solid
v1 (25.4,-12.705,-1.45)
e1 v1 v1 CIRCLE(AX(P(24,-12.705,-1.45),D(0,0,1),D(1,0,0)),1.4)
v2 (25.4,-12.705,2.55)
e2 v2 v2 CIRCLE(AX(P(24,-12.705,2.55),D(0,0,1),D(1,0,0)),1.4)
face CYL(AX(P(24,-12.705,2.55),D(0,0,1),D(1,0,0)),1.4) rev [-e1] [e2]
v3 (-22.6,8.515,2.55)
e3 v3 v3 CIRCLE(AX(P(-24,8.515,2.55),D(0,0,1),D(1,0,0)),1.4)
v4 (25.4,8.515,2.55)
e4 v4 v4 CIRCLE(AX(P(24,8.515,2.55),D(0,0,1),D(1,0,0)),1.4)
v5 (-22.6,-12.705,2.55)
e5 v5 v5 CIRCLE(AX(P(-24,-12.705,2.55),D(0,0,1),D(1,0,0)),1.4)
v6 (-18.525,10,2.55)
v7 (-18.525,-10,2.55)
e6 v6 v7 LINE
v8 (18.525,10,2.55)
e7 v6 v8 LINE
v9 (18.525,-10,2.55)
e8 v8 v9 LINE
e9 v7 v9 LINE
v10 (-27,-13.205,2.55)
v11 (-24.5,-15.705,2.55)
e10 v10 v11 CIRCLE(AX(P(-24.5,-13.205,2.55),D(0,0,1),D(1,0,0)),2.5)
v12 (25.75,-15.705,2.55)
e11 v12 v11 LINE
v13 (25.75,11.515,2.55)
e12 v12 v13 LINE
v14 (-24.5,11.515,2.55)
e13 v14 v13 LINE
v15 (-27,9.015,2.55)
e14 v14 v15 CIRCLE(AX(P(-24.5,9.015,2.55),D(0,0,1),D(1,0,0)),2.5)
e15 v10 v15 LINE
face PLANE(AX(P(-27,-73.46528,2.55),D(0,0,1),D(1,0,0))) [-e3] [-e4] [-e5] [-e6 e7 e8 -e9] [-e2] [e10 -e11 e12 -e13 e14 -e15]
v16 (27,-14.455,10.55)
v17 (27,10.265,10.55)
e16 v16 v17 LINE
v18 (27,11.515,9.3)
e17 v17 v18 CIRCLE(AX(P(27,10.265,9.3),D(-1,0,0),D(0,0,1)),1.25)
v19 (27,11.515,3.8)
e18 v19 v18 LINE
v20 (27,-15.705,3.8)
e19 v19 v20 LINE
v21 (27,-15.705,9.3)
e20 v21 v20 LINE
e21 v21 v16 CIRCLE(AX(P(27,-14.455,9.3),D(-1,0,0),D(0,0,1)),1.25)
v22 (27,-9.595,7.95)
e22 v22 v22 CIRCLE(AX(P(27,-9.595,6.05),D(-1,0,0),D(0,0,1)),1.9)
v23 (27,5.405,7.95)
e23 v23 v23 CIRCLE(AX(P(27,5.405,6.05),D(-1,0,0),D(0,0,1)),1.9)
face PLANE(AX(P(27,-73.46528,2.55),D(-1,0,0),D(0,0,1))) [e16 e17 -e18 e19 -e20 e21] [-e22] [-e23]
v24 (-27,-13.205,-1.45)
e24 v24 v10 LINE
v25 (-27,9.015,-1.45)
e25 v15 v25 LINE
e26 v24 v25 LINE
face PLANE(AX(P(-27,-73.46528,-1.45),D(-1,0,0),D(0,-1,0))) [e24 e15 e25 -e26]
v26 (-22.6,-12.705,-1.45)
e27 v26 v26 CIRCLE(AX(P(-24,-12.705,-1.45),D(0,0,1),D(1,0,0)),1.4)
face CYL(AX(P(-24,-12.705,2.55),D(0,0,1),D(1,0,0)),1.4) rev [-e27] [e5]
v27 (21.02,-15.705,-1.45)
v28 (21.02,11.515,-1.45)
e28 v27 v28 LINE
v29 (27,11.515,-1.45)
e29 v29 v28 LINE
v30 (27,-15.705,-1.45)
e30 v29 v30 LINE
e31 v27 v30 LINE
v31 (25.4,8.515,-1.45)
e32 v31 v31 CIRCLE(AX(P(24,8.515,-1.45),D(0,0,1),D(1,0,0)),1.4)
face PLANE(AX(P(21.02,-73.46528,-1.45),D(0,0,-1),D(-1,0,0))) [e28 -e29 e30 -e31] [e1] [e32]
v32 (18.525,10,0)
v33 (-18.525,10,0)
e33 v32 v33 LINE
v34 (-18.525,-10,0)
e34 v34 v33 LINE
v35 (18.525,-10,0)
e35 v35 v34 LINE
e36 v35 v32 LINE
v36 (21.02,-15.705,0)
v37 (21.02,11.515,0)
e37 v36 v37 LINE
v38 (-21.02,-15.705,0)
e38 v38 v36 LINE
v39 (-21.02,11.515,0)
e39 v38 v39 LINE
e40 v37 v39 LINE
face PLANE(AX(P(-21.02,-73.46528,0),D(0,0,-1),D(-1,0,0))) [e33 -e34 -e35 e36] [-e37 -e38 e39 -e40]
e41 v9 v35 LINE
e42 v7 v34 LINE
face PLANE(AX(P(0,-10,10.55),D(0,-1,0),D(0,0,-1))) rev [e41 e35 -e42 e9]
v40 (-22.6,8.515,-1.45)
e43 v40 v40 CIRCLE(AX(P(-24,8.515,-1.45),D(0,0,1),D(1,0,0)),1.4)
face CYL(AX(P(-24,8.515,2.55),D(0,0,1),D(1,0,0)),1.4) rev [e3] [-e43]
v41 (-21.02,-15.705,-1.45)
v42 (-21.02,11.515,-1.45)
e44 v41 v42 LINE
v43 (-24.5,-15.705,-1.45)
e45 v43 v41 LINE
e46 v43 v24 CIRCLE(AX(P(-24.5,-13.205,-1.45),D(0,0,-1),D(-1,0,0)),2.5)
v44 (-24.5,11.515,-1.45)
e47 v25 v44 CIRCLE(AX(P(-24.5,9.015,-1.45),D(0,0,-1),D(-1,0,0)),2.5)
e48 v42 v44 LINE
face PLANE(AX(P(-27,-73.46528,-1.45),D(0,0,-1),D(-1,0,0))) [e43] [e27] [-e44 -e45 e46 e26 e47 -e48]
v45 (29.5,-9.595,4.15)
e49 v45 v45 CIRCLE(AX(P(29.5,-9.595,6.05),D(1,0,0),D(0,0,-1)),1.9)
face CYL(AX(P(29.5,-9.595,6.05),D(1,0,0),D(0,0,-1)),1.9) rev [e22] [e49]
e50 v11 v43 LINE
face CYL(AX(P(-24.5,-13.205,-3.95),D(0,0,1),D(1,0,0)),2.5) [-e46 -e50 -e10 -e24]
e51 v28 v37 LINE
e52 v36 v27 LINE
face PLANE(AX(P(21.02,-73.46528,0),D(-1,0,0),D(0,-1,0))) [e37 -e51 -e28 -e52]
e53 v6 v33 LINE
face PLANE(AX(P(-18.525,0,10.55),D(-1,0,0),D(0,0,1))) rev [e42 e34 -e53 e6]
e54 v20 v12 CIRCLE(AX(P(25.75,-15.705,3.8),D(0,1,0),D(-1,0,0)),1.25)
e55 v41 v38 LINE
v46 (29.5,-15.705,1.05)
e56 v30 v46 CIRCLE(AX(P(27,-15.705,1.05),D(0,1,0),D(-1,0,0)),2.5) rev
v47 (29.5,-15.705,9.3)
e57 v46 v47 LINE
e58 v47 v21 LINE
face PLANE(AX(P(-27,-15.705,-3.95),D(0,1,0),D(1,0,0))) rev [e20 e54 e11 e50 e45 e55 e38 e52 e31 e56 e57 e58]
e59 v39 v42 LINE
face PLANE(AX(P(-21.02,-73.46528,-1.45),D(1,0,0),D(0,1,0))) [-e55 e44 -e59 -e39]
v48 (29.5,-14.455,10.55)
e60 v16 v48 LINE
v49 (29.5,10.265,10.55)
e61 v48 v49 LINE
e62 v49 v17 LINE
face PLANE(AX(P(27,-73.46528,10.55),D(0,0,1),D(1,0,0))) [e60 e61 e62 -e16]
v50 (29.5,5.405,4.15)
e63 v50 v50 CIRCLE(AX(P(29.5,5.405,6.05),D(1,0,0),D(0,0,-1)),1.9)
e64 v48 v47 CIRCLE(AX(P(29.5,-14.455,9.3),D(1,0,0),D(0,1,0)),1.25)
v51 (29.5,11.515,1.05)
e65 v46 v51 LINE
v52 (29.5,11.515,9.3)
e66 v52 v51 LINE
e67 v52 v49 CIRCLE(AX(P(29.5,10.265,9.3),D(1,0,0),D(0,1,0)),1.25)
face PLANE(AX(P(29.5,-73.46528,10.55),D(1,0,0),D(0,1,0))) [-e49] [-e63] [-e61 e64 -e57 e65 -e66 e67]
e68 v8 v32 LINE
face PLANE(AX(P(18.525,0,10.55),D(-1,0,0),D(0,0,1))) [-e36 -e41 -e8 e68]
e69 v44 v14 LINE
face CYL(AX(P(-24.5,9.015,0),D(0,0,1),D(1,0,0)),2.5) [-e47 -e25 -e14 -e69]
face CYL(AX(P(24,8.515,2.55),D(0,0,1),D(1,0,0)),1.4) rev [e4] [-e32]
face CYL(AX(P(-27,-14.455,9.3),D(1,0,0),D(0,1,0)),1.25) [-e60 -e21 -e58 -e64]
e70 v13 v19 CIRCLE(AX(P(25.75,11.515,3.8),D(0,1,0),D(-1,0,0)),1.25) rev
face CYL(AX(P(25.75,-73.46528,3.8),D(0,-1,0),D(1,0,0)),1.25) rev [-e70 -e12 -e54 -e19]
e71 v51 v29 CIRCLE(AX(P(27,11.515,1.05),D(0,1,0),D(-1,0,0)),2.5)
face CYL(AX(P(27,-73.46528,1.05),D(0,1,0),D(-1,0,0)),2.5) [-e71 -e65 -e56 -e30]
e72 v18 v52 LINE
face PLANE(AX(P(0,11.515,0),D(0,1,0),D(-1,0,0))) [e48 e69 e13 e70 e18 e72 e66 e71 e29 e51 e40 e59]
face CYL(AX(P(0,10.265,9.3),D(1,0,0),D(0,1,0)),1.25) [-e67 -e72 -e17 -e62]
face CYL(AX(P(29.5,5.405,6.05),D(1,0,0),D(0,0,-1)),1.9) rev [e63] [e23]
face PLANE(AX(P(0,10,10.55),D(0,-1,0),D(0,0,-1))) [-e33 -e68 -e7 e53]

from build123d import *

# Parameters (mm, degrees)
BOSS_EXTRUDE1_DEPTH        = 27.22
CUT_EXTRUDE1_DEPTH         = 36.045677694
CUT_EXTRUDE1_DEPTH_BACK    = 2.5
SKETCH1_W                  = 37.05
SKETCH1_H                  = 20
F_2_8_2_8_DIAMETER_HOLE1_D = 2.8
FILLET3_R                  = 2.5
FILLET4_R                  = 1.25
F_3_8_3_8_DIAMETER_HOLE1_D = 3.8
FILLET5_R                  = 1.25


with BuildPart() as part:
    # Sketch2 → Boss-Extrude1 (new body)
    with BuildSketch(Plane(origin=(0, 11.515, 0), x_dir=(1, 0, 0), z_dir=(0, 1, 0))):
        Polygon((-27, 1.45), (-21.02, 1.45), (-21.02, 0), (21.02, 0), (21.02, 1.45), (29.5, 1.45), (29.5, -10.55), (27, -10.55), (27, -2.55), (-27, -2.55), align=None)
    extrude(amount=-BOSS_EXTRUDE1_DEPTH)

    # Sketch1 → Cut-Extrude1 (cut, two sides: drawn at the far end of the back side and taken through both)
    with BuildSketch(Plane.XY.offset(-CUT_EXTRUDE1_DEPTH_BACK)):
        Rectangle(SKETCH1_W, SKETCH1_H)
    extrude(amount=CUT_EXTRUDE1_DEPTH + CUT_EXTRUDE1_DEPTH_BACK, mode=Mode.SUBTRACT)

    # Ø2.8 (2.8) Diameter Hole1 (through all)
    with Locations(Plane.XY.offset(2.55)):
        with Locations((24, -12.705), (-24, -12.705), (-24, 8.515), (24, 8.515)):
            Hole(F_2_8_2_8_DIAMETER_HOLE1_D / 2)

    # Fillet3
    fillet3_edges = [part.edges().sort_by_distance(p)[0] for p in [
        (-27, 11.515, 0.55),
        (29.5, -2.095, -1.45),
        (-27, -15.705, 0.55),
    ]]
    fillet(fillet3_edges, radius=FILLET3_R)

    # Fillet4
    fillet4_edges = [part.edges().sort_by_distance(p)[0] for p in [
        (27, -2.095, 2.55),
    ]]
    fillet(fillet4_edges, radius=FILLET4_R)

    # Ø3.8 (3.8) Diameter Hole1 (through all)
    with Locations(Plane(origin=(29.5, 0, 0), x_dir=(0, 0, -1), z_dir=(1, 0, 0))):
        with Locations((-6.05, -9.595), (-6.05, 5.405)):
            Hole(F_3_8_3_8_DIAMETER_HOLE1_D / 2)

    # Fillet5
    fillet5_edges = [part.edges().sort_by_distance(p)[0] for p in [
        (28.25, 11.515, 10.55),
        (28.25, -15.705, 10.55),
    ]]
    fillet(fillet5_edges, radius=FILLET5_R)


solid = part.part
